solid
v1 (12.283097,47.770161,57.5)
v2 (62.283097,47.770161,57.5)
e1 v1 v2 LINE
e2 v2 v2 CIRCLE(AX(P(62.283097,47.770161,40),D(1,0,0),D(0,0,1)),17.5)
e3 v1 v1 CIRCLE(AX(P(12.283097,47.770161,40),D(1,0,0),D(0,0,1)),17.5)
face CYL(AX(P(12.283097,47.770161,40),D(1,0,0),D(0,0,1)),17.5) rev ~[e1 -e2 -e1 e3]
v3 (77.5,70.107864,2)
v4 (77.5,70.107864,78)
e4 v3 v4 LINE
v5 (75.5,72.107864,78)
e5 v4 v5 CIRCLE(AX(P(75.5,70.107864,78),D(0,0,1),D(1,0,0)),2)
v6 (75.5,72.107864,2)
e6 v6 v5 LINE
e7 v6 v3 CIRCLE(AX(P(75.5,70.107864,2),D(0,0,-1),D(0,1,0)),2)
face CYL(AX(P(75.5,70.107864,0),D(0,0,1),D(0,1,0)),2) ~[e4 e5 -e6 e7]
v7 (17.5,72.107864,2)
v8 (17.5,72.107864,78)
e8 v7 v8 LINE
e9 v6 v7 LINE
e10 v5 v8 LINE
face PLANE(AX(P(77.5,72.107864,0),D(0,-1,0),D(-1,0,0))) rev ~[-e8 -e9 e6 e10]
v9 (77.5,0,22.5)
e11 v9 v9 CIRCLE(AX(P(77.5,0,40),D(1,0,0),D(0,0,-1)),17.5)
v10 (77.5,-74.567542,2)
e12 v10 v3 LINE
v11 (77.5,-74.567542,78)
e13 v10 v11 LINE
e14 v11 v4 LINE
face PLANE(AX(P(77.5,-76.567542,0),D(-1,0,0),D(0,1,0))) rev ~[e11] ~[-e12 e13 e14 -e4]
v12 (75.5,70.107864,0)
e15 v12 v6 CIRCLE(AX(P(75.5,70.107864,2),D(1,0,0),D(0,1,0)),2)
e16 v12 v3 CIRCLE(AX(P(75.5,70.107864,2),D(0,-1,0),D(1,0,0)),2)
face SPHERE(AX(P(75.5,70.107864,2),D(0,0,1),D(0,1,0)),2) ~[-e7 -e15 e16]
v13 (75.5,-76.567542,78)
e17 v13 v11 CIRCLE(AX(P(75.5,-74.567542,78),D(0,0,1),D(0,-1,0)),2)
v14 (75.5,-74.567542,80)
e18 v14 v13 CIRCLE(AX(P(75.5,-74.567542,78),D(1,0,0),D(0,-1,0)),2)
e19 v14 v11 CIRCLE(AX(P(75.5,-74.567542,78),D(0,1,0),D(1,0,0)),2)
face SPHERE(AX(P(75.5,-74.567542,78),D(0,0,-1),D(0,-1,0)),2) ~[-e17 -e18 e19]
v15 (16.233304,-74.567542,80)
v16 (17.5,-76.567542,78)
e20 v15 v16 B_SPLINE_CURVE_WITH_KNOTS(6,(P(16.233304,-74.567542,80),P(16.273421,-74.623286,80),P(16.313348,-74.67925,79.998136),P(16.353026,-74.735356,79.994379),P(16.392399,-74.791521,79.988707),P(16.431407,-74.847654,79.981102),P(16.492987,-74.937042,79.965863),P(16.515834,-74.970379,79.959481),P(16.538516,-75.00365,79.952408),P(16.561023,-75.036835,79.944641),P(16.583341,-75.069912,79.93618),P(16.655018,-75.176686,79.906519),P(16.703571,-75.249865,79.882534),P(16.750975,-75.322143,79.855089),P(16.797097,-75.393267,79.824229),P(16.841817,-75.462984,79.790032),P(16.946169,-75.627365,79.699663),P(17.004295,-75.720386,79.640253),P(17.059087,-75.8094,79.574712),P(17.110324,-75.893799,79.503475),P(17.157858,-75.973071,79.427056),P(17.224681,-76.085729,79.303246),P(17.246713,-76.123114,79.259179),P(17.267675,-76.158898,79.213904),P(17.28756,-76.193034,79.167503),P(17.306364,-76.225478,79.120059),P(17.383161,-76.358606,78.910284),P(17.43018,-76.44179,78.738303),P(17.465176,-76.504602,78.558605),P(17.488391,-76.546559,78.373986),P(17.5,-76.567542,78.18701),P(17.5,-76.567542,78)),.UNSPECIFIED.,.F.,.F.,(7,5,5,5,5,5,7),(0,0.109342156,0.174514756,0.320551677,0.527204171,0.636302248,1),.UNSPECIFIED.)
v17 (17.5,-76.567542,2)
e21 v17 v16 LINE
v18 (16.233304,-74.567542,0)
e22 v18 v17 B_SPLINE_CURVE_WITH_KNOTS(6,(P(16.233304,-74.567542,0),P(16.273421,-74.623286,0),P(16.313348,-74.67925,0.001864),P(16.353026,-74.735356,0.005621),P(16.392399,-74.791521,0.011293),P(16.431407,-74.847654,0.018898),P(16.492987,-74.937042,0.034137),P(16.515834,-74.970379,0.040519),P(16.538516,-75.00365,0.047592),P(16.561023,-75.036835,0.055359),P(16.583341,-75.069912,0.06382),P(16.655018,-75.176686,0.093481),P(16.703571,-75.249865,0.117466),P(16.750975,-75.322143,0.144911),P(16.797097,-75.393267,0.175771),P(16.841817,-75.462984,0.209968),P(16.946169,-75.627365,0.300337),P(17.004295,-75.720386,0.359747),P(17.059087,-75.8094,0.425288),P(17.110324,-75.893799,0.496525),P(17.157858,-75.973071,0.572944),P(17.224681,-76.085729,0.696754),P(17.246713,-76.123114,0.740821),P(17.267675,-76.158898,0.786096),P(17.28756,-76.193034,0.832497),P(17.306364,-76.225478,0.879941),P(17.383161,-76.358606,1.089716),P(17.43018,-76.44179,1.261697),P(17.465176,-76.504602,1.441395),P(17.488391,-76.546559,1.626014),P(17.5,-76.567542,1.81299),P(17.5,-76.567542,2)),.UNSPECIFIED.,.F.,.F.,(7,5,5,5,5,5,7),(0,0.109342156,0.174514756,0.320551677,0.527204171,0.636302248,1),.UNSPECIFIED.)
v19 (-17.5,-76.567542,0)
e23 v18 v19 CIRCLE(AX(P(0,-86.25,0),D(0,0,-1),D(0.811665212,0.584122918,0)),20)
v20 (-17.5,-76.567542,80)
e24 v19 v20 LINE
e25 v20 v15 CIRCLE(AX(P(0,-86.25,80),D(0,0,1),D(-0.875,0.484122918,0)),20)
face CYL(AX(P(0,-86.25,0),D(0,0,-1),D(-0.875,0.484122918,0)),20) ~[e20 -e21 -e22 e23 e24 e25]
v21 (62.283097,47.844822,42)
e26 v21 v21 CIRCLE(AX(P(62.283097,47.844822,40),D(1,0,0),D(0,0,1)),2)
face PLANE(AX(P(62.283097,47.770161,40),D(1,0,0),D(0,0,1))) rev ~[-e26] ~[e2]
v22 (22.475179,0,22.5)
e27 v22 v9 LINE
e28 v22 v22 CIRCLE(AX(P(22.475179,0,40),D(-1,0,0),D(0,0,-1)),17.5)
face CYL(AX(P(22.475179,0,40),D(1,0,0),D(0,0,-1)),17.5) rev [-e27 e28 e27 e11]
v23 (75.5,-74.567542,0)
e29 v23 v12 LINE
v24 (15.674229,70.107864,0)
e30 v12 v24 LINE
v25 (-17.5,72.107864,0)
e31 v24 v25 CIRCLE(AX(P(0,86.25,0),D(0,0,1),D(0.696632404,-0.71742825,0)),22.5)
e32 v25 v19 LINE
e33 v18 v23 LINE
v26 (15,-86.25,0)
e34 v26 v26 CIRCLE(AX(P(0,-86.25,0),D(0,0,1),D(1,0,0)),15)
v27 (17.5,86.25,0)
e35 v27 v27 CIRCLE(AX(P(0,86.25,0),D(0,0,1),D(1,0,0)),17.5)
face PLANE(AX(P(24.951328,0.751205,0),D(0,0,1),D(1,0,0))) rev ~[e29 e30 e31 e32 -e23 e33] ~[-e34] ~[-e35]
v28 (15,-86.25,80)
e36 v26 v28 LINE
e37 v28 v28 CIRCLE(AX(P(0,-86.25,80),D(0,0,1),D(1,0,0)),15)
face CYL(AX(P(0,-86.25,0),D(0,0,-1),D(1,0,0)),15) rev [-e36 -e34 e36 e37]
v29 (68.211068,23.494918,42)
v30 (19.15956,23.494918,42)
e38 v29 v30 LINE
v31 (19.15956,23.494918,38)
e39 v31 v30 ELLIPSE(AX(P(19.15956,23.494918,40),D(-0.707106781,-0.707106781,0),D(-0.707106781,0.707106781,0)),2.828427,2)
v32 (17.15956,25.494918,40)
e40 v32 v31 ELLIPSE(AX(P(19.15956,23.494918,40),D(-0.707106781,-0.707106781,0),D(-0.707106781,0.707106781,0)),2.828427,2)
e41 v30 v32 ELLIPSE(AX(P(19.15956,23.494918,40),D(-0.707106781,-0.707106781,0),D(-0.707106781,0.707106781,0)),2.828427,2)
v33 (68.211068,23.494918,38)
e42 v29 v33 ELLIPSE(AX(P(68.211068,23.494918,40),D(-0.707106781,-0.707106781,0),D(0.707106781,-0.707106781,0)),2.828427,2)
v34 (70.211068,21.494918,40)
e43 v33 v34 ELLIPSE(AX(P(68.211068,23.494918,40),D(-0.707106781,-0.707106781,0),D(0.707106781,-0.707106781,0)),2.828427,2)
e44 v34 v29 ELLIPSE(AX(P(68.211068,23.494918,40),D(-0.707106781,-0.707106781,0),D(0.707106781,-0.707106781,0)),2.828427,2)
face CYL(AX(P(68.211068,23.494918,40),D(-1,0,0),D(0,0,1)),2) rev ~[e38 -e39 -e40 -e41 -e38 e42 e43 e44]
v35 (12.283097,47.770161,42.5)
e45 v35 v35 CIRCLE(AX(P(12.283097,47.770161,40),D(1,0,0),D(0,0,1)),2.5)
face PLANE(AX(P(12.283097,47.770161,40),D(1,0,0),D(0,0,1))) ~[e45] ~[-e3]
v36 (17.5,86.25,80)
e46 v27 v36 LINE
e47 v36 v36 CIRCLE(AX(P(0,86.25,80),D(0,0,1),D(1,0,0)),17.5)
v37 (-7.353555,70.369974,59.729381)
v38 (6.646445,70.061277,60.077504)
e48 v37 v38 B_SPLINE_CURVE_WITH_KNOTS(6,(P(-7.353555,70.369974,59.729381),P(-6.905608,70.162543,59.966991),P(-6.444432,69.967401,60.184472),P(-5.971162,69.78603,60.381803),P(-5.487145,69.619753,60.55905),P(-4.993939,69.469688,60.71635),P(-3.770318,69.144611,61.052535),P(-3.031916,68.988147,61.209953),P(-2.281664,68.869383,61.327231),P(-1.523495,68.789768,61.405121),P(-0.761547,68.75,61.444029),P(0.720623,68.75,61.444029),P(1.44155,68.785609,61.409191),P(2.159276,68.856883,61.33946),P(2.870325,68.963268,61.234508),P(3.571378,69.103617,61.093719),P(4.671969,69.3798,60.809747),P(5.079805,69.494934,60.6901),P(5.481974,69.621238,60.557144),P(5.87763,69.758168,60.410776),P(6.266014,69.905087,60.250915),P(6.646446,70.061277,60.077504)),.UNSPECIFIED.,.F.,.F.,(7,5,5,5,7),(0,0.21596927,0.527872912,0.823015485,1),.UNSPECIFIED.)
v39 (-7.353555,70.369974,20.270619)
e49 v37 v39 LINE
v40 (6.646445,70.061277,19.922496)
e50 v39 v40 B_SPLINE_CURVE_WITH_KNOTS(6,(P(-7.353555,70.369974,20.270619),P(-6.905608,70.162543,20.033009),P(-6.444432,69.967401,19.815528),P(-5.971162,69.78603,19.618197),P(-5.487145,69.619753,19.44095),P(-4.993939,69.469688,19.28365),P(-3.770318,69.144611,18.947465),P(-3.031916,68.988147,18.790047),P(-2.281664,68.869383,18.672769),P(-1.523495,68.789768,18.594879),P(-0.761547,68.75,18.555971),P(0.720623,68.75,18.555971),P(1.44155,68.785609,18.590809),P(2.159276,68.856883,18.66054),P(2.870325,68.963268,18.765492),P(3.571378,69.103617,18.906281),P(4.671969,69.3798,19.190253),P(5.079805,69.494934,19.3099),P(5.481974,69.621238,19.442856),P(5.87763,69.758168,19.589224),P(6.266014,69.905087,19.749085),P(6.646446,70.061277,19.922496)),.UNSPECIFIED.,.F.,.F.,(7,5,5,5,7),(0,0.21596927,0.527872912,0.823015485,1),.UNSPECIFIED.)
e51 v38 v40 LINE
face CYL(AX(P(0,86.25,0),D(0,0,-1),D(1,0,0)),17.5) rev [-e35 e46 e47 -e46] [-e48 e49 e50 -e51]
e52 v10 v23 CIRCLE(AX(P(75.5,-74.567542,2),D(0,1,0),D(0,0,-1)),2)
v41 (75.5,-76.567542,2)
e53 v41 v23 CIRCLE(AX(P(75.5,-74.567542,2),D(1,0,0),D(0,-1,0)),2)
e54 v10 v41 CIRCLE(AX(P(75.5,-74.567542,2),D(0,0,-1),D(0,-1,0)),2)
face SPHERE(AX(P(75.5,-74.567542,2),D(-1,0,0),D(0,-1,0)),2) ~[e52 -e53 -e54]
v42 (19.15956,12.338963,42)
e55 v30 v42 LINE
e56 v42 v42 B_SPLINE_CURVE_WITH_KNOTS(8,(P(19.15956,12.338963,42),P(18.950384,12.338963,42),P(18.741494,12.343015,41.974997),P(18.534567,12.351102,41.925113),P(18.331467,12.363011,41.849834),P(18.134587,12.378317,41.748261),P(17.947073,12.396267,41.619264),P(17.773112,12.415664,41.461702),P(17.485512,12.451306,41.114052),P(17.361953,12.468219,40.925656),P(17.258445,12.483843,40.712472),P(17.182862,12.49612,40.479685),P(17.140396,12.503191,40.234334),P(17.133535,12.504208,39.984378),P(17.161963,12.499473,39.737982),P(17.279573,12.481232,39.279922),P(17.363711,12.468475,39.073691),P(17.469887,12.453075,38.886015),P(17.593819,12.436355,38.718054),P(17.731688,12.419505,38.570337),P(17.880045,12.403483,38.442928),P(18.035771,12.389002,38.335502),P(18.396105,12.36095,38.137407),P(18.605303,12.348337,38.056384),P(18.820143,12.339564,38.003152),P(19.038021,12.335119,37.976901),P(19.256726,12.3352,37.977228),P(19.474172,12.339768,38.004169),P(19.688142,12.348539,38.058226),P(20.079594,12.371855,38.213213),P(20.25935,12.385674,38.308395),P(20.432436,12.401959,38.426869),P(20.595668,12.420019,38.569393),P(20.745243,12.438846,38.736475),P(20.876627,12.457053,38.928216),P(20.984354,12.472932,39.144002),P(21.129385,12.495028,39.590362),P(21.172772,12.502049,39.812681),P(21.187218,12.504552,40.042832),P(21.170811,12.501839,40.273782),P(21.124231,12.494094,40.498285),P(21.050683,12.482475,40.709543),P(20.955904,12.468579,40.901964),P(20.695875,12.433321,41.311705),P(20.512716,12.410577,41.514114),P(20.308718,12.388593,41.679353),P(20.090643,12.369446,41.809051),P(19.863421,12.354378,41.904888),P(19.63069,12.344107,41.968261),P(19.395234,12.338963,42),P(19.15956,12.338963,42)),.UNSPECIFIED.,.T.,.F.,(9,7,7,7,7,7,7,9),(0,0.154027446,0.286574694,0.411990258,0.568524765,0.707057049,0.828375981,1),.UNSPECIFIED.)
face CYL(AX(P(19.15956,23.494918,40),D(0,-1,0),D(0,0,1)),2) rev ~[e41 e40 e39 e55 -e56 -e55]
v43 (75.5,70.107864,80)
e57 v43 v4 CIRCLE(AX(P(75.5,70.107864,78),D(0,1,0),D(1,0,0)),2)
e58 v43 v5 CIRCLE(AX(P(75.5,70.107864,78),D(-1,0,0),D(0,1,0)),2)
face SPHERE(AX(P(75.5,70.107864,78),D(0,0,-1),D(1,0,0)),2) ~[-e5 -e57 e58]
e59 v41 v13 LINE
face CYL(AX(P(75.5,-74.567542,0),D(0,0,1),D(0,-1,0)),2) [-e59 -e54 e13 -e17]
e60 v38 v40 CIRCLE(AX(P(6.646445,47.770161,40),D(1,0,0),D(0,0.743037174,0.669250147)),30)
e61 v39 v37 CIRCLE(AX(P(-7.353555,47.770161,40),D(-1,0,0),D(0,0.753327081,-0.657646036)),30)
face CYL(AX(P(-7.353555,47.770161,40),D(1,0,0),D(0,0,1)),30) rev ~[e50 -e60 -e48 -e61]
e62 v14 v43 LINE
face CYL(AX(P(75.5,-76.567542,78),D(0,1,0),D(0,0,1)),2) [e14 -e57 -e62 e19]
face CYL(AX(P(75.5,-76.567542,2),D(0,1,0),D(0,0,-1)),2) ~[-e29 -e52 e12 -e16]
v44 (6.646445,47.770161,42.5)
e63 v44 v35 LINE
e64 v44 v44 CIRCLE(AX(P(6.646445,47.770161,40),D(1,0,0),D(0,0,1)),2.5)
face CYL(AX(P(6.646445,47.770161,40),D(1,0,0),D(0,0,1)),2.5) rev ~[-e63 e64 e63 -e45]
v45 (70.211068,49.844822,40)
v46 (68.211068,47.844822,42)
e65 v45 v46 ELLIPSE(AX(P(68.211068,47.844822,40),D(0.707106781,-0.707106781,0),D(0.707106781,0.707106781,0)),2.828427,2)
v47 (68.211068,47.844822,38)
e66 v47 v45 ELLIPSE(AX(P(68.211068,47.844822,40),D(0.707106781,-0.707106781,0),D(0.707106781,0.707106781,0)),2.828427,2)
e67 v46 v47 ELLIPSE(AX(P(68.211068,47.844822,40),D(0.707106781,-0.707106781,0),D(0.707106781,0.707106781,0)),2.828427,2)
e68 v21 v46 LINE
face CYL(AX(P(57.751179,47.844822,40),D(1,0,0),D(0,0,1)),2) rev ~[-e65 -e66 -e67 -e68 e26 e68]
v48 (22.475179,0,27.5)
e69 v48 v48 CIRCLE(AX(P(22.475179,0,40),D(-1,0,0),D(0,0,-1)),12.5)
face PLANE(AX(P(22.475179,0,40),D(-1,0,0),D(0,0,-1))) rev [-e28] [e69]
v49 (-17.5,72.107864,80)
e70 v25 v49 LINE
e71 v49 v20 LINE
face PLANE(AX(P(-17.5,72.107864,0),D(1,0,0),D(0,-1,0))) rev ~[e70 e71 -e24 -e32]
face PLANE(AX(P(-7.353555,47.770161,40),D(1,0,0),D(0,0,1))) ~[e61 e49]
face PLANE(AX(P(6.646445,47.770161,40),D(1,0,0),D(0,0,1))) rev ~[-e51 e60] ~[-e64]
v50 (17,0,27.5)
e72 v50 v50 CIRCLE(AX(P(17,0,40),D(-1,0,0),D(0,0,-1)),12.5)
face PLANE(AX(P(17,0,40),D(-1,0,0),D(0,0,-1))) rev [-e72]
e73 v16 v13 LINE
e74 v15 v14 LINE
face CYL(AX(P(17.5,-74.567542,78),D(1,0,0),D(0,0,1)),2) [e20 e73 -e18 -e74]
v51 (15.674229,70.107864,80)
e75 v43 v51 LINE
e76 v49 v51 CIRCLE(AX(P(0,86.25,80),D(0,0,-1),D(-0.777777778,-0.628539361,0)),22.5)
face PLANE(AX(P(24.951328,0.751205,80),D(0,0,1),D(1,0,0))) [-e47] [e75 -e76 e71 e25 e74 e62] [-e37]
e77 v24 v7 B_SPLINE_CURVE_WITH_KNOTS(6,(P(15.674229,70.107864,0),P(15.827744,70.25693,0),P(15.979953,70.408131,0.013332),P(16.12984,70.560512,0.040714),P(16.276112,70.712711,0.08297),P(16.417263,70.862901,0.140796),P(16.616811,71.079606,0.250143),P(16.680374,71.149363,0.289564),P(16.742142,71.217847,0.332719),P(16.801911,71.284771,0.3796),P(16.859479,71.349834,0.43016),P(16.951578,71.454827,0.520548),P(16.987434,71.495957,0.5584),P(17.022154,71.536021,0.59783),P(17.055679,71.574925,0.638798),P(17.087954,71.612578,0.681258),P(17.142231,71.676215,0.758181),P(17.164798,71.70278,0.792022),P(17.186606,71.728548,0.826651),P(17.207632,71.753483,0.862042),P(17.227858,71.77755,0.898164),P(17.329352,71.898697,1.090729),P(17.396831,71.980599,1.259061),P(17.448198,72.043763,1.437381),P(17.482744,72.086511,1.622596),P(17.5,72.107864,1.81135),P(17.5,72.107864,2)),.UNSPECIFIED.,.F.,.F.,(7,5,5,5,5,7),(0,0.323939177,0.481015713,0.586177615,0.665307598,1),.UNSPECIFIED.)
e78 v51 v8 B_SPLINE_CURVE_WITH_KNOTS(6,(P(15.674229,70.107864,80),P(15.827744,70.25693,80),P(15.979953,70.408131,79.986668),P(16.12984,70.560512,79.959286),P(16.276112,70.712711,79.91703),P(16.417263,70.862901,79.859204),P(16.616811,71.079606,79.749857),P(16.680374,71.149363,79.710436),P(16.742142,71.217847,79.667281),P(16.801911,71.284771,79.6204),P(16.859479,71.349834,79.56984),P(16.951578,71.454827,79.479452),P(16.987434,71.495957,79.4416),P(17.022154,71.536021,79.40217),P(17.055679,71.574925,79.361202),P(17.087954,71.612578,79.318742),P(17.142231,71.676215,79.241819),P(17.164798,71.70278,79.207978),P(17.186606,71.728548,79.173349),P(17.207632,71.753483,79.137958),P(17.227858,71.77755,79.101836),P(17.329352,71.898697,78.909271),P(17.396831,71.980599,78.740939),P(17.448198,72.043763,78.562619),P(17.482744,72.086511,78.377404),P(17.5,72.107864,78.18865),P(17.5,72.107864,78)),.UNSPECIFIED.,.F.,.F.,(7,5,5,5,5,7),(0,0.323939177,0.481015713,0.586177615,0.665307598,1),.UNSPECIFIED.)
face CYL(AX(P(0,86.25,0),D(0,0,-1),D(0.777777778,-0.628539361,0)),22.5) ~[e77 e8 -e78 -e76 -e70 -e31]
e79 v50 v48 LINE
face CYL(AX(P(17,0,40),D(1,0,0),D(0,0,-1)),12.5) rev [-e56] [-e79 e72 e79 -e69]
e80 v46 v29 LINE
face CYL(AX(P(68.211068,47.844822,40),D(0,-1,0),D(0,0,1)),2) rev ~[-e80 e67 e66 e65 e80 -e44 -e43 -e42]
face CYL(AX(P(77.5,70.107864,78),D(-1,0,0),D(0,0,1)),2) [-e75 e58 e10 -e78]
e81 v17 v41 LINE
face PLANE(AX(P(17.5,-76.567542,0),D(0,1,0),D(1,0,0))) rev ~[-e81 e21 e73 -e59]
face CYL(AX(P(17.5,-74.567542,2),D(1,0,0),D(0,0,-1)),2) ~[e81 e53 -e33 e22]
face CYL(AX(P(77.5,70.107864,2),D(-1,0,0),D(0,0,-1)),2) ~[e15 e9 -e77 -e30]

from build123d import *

# Parameters (mm, degrees)
SKETCH1_R            = 17.5
SKETCH1_R_2          = 15
BOSS_EXTRUDE1_DEPTH  = 80
CUT_SWEEP3_PROFILE_R = 2
FILLET2_R            = 2


with BuildPart() as part:
    # Sketch1 → Boss-Extrude1 (new body)
    with BuildSketch(Plane.XY):
        with BuildLine():
            Line((-17.5, 72.107864376), (-17.5, 63.75))
            Line((-17.5, 63.75), (-17.5, -66.25))
            Line((-17.5, -66.25), (-17.5, -76.567541634))
            ThreePointArc((-17.5, -76.567541634), (0, -106.25), (17.5, -76.567541634))
            Line((17.5, -76.567541634), (77.5, -76.567541634))
            Line((77.5, -76.567541634), (77.5, 72.107864376))
            Line((77.5, 72.107864376), (17.5, 72.107864376))
            ThreePointArc((17.5, 72.107864376), (0, 108.75), (-17.5, 72.107864376))
        make_face()
        with Locations((0, 86.25)):
            Circle(SKETCH1_R, mode=Mode.SUBTRACT)
        with Locations((0, -86.25)):
            Circle(SKETCH1_R_2, mode=Mode.SUBTRACT)
    extrude(amount=BOSS_EXTRUDE1_DEPTH)

    # Sketch9 → Cut-Revolve1 (revolve, cut)
    with BuildSketch(Plane.XY.offset(40), mode=Mode.PRIVATE) as cut_revolve1_sk:
        Polygon((-7.353554792, 47.770161371), (-7.353554792, 17.770161371), (6.646445208, 17.770161371), (6.646445208, 45.270161371), (12.283096941, 45.270161371), (12.283096941, 30.270161371), (62.283096941, 30.270161371), (62.283096941, 47.770161371), align=None)
    revolve(cut_revolve1_sk.sketch.rotate(Axis((-48.211470633, 47.770161371, 40), (1, 0, 0)), 270), axis=Axis((-48.211470633, 47.770161371, 40), (1, 0, 0)), mode=Mode.SUBTRACT)

    # Sketch38 → Cut-Revolve3 (revolve, cut)
    with BuildSketch(Plane.XY.offset(40), mode=Mode.PRIVATE) as cut_revolve3_sk:
        Polygon((17, 0), (17, 12.5), (22.475179435, 12.5), (22.475179435, 17.5), (102.052596933, 17.5), (102.052596933, 0), align=None)
    revolve(cut_revolve3_sk.sketch.rotate(Axis((102.052596933, 0, 40), (-1, 0, 0)), 90), axis=Axis((102.052596933, 0, 40), (-1, 0, 0)), mode=Mode.SUBTRACT)

    # Cut-Sweep3: sweep along a path in Sketch60
    with BuildLine(Plane.XY.offset(40)) as cut_sweep3_path:
        Line((57.751179251, 47.84482156), (68.211067836, 47.84482156))
        Line((68.211067836, 47.84482156), (68.211067836, 23.494918311))
        Line((68.211067836, 23.494918311), (19.159559926, 23.494918311))
        Line((19.159559926, 23.494918311), (19.159559926, 12.07117719))
    # Cut-Sweep3 profile (on start of the path) → Cut-Sweep3 (sweep, cut)
    with BuildSketch(Plane(origin=(57.751179251, 47.84482156, 40), x_dir=(0, 0, 1), z_dir=(1, 0, 0))):
        Circle(CUT_SWEEP3_PROFILE_R)
    sweep(path=cut_sweep3_path.line, transition=Transition.RIGHT, mode=Mode.SUBTRACT)

    # Fillet2
    fillet2_edges = [part.edges().sort_by_distance(p)[0] for p in [
        (47.5, -76.567541634, 0),
        (77.5, 72.107864376, 40),
        (77.5, -76.567541634, 40),
        (47.5, -76.567541634, 80),
        (77.5, -2.229838629, 80),
        (47.5, 72.107864376, 80),
        (47.5, 72.107864376, 0),
        (77.5, -2.229838629, 0),
    ]]
    fillet(fillet2_edges, radius=FILLET2_R)


solid = part.part
